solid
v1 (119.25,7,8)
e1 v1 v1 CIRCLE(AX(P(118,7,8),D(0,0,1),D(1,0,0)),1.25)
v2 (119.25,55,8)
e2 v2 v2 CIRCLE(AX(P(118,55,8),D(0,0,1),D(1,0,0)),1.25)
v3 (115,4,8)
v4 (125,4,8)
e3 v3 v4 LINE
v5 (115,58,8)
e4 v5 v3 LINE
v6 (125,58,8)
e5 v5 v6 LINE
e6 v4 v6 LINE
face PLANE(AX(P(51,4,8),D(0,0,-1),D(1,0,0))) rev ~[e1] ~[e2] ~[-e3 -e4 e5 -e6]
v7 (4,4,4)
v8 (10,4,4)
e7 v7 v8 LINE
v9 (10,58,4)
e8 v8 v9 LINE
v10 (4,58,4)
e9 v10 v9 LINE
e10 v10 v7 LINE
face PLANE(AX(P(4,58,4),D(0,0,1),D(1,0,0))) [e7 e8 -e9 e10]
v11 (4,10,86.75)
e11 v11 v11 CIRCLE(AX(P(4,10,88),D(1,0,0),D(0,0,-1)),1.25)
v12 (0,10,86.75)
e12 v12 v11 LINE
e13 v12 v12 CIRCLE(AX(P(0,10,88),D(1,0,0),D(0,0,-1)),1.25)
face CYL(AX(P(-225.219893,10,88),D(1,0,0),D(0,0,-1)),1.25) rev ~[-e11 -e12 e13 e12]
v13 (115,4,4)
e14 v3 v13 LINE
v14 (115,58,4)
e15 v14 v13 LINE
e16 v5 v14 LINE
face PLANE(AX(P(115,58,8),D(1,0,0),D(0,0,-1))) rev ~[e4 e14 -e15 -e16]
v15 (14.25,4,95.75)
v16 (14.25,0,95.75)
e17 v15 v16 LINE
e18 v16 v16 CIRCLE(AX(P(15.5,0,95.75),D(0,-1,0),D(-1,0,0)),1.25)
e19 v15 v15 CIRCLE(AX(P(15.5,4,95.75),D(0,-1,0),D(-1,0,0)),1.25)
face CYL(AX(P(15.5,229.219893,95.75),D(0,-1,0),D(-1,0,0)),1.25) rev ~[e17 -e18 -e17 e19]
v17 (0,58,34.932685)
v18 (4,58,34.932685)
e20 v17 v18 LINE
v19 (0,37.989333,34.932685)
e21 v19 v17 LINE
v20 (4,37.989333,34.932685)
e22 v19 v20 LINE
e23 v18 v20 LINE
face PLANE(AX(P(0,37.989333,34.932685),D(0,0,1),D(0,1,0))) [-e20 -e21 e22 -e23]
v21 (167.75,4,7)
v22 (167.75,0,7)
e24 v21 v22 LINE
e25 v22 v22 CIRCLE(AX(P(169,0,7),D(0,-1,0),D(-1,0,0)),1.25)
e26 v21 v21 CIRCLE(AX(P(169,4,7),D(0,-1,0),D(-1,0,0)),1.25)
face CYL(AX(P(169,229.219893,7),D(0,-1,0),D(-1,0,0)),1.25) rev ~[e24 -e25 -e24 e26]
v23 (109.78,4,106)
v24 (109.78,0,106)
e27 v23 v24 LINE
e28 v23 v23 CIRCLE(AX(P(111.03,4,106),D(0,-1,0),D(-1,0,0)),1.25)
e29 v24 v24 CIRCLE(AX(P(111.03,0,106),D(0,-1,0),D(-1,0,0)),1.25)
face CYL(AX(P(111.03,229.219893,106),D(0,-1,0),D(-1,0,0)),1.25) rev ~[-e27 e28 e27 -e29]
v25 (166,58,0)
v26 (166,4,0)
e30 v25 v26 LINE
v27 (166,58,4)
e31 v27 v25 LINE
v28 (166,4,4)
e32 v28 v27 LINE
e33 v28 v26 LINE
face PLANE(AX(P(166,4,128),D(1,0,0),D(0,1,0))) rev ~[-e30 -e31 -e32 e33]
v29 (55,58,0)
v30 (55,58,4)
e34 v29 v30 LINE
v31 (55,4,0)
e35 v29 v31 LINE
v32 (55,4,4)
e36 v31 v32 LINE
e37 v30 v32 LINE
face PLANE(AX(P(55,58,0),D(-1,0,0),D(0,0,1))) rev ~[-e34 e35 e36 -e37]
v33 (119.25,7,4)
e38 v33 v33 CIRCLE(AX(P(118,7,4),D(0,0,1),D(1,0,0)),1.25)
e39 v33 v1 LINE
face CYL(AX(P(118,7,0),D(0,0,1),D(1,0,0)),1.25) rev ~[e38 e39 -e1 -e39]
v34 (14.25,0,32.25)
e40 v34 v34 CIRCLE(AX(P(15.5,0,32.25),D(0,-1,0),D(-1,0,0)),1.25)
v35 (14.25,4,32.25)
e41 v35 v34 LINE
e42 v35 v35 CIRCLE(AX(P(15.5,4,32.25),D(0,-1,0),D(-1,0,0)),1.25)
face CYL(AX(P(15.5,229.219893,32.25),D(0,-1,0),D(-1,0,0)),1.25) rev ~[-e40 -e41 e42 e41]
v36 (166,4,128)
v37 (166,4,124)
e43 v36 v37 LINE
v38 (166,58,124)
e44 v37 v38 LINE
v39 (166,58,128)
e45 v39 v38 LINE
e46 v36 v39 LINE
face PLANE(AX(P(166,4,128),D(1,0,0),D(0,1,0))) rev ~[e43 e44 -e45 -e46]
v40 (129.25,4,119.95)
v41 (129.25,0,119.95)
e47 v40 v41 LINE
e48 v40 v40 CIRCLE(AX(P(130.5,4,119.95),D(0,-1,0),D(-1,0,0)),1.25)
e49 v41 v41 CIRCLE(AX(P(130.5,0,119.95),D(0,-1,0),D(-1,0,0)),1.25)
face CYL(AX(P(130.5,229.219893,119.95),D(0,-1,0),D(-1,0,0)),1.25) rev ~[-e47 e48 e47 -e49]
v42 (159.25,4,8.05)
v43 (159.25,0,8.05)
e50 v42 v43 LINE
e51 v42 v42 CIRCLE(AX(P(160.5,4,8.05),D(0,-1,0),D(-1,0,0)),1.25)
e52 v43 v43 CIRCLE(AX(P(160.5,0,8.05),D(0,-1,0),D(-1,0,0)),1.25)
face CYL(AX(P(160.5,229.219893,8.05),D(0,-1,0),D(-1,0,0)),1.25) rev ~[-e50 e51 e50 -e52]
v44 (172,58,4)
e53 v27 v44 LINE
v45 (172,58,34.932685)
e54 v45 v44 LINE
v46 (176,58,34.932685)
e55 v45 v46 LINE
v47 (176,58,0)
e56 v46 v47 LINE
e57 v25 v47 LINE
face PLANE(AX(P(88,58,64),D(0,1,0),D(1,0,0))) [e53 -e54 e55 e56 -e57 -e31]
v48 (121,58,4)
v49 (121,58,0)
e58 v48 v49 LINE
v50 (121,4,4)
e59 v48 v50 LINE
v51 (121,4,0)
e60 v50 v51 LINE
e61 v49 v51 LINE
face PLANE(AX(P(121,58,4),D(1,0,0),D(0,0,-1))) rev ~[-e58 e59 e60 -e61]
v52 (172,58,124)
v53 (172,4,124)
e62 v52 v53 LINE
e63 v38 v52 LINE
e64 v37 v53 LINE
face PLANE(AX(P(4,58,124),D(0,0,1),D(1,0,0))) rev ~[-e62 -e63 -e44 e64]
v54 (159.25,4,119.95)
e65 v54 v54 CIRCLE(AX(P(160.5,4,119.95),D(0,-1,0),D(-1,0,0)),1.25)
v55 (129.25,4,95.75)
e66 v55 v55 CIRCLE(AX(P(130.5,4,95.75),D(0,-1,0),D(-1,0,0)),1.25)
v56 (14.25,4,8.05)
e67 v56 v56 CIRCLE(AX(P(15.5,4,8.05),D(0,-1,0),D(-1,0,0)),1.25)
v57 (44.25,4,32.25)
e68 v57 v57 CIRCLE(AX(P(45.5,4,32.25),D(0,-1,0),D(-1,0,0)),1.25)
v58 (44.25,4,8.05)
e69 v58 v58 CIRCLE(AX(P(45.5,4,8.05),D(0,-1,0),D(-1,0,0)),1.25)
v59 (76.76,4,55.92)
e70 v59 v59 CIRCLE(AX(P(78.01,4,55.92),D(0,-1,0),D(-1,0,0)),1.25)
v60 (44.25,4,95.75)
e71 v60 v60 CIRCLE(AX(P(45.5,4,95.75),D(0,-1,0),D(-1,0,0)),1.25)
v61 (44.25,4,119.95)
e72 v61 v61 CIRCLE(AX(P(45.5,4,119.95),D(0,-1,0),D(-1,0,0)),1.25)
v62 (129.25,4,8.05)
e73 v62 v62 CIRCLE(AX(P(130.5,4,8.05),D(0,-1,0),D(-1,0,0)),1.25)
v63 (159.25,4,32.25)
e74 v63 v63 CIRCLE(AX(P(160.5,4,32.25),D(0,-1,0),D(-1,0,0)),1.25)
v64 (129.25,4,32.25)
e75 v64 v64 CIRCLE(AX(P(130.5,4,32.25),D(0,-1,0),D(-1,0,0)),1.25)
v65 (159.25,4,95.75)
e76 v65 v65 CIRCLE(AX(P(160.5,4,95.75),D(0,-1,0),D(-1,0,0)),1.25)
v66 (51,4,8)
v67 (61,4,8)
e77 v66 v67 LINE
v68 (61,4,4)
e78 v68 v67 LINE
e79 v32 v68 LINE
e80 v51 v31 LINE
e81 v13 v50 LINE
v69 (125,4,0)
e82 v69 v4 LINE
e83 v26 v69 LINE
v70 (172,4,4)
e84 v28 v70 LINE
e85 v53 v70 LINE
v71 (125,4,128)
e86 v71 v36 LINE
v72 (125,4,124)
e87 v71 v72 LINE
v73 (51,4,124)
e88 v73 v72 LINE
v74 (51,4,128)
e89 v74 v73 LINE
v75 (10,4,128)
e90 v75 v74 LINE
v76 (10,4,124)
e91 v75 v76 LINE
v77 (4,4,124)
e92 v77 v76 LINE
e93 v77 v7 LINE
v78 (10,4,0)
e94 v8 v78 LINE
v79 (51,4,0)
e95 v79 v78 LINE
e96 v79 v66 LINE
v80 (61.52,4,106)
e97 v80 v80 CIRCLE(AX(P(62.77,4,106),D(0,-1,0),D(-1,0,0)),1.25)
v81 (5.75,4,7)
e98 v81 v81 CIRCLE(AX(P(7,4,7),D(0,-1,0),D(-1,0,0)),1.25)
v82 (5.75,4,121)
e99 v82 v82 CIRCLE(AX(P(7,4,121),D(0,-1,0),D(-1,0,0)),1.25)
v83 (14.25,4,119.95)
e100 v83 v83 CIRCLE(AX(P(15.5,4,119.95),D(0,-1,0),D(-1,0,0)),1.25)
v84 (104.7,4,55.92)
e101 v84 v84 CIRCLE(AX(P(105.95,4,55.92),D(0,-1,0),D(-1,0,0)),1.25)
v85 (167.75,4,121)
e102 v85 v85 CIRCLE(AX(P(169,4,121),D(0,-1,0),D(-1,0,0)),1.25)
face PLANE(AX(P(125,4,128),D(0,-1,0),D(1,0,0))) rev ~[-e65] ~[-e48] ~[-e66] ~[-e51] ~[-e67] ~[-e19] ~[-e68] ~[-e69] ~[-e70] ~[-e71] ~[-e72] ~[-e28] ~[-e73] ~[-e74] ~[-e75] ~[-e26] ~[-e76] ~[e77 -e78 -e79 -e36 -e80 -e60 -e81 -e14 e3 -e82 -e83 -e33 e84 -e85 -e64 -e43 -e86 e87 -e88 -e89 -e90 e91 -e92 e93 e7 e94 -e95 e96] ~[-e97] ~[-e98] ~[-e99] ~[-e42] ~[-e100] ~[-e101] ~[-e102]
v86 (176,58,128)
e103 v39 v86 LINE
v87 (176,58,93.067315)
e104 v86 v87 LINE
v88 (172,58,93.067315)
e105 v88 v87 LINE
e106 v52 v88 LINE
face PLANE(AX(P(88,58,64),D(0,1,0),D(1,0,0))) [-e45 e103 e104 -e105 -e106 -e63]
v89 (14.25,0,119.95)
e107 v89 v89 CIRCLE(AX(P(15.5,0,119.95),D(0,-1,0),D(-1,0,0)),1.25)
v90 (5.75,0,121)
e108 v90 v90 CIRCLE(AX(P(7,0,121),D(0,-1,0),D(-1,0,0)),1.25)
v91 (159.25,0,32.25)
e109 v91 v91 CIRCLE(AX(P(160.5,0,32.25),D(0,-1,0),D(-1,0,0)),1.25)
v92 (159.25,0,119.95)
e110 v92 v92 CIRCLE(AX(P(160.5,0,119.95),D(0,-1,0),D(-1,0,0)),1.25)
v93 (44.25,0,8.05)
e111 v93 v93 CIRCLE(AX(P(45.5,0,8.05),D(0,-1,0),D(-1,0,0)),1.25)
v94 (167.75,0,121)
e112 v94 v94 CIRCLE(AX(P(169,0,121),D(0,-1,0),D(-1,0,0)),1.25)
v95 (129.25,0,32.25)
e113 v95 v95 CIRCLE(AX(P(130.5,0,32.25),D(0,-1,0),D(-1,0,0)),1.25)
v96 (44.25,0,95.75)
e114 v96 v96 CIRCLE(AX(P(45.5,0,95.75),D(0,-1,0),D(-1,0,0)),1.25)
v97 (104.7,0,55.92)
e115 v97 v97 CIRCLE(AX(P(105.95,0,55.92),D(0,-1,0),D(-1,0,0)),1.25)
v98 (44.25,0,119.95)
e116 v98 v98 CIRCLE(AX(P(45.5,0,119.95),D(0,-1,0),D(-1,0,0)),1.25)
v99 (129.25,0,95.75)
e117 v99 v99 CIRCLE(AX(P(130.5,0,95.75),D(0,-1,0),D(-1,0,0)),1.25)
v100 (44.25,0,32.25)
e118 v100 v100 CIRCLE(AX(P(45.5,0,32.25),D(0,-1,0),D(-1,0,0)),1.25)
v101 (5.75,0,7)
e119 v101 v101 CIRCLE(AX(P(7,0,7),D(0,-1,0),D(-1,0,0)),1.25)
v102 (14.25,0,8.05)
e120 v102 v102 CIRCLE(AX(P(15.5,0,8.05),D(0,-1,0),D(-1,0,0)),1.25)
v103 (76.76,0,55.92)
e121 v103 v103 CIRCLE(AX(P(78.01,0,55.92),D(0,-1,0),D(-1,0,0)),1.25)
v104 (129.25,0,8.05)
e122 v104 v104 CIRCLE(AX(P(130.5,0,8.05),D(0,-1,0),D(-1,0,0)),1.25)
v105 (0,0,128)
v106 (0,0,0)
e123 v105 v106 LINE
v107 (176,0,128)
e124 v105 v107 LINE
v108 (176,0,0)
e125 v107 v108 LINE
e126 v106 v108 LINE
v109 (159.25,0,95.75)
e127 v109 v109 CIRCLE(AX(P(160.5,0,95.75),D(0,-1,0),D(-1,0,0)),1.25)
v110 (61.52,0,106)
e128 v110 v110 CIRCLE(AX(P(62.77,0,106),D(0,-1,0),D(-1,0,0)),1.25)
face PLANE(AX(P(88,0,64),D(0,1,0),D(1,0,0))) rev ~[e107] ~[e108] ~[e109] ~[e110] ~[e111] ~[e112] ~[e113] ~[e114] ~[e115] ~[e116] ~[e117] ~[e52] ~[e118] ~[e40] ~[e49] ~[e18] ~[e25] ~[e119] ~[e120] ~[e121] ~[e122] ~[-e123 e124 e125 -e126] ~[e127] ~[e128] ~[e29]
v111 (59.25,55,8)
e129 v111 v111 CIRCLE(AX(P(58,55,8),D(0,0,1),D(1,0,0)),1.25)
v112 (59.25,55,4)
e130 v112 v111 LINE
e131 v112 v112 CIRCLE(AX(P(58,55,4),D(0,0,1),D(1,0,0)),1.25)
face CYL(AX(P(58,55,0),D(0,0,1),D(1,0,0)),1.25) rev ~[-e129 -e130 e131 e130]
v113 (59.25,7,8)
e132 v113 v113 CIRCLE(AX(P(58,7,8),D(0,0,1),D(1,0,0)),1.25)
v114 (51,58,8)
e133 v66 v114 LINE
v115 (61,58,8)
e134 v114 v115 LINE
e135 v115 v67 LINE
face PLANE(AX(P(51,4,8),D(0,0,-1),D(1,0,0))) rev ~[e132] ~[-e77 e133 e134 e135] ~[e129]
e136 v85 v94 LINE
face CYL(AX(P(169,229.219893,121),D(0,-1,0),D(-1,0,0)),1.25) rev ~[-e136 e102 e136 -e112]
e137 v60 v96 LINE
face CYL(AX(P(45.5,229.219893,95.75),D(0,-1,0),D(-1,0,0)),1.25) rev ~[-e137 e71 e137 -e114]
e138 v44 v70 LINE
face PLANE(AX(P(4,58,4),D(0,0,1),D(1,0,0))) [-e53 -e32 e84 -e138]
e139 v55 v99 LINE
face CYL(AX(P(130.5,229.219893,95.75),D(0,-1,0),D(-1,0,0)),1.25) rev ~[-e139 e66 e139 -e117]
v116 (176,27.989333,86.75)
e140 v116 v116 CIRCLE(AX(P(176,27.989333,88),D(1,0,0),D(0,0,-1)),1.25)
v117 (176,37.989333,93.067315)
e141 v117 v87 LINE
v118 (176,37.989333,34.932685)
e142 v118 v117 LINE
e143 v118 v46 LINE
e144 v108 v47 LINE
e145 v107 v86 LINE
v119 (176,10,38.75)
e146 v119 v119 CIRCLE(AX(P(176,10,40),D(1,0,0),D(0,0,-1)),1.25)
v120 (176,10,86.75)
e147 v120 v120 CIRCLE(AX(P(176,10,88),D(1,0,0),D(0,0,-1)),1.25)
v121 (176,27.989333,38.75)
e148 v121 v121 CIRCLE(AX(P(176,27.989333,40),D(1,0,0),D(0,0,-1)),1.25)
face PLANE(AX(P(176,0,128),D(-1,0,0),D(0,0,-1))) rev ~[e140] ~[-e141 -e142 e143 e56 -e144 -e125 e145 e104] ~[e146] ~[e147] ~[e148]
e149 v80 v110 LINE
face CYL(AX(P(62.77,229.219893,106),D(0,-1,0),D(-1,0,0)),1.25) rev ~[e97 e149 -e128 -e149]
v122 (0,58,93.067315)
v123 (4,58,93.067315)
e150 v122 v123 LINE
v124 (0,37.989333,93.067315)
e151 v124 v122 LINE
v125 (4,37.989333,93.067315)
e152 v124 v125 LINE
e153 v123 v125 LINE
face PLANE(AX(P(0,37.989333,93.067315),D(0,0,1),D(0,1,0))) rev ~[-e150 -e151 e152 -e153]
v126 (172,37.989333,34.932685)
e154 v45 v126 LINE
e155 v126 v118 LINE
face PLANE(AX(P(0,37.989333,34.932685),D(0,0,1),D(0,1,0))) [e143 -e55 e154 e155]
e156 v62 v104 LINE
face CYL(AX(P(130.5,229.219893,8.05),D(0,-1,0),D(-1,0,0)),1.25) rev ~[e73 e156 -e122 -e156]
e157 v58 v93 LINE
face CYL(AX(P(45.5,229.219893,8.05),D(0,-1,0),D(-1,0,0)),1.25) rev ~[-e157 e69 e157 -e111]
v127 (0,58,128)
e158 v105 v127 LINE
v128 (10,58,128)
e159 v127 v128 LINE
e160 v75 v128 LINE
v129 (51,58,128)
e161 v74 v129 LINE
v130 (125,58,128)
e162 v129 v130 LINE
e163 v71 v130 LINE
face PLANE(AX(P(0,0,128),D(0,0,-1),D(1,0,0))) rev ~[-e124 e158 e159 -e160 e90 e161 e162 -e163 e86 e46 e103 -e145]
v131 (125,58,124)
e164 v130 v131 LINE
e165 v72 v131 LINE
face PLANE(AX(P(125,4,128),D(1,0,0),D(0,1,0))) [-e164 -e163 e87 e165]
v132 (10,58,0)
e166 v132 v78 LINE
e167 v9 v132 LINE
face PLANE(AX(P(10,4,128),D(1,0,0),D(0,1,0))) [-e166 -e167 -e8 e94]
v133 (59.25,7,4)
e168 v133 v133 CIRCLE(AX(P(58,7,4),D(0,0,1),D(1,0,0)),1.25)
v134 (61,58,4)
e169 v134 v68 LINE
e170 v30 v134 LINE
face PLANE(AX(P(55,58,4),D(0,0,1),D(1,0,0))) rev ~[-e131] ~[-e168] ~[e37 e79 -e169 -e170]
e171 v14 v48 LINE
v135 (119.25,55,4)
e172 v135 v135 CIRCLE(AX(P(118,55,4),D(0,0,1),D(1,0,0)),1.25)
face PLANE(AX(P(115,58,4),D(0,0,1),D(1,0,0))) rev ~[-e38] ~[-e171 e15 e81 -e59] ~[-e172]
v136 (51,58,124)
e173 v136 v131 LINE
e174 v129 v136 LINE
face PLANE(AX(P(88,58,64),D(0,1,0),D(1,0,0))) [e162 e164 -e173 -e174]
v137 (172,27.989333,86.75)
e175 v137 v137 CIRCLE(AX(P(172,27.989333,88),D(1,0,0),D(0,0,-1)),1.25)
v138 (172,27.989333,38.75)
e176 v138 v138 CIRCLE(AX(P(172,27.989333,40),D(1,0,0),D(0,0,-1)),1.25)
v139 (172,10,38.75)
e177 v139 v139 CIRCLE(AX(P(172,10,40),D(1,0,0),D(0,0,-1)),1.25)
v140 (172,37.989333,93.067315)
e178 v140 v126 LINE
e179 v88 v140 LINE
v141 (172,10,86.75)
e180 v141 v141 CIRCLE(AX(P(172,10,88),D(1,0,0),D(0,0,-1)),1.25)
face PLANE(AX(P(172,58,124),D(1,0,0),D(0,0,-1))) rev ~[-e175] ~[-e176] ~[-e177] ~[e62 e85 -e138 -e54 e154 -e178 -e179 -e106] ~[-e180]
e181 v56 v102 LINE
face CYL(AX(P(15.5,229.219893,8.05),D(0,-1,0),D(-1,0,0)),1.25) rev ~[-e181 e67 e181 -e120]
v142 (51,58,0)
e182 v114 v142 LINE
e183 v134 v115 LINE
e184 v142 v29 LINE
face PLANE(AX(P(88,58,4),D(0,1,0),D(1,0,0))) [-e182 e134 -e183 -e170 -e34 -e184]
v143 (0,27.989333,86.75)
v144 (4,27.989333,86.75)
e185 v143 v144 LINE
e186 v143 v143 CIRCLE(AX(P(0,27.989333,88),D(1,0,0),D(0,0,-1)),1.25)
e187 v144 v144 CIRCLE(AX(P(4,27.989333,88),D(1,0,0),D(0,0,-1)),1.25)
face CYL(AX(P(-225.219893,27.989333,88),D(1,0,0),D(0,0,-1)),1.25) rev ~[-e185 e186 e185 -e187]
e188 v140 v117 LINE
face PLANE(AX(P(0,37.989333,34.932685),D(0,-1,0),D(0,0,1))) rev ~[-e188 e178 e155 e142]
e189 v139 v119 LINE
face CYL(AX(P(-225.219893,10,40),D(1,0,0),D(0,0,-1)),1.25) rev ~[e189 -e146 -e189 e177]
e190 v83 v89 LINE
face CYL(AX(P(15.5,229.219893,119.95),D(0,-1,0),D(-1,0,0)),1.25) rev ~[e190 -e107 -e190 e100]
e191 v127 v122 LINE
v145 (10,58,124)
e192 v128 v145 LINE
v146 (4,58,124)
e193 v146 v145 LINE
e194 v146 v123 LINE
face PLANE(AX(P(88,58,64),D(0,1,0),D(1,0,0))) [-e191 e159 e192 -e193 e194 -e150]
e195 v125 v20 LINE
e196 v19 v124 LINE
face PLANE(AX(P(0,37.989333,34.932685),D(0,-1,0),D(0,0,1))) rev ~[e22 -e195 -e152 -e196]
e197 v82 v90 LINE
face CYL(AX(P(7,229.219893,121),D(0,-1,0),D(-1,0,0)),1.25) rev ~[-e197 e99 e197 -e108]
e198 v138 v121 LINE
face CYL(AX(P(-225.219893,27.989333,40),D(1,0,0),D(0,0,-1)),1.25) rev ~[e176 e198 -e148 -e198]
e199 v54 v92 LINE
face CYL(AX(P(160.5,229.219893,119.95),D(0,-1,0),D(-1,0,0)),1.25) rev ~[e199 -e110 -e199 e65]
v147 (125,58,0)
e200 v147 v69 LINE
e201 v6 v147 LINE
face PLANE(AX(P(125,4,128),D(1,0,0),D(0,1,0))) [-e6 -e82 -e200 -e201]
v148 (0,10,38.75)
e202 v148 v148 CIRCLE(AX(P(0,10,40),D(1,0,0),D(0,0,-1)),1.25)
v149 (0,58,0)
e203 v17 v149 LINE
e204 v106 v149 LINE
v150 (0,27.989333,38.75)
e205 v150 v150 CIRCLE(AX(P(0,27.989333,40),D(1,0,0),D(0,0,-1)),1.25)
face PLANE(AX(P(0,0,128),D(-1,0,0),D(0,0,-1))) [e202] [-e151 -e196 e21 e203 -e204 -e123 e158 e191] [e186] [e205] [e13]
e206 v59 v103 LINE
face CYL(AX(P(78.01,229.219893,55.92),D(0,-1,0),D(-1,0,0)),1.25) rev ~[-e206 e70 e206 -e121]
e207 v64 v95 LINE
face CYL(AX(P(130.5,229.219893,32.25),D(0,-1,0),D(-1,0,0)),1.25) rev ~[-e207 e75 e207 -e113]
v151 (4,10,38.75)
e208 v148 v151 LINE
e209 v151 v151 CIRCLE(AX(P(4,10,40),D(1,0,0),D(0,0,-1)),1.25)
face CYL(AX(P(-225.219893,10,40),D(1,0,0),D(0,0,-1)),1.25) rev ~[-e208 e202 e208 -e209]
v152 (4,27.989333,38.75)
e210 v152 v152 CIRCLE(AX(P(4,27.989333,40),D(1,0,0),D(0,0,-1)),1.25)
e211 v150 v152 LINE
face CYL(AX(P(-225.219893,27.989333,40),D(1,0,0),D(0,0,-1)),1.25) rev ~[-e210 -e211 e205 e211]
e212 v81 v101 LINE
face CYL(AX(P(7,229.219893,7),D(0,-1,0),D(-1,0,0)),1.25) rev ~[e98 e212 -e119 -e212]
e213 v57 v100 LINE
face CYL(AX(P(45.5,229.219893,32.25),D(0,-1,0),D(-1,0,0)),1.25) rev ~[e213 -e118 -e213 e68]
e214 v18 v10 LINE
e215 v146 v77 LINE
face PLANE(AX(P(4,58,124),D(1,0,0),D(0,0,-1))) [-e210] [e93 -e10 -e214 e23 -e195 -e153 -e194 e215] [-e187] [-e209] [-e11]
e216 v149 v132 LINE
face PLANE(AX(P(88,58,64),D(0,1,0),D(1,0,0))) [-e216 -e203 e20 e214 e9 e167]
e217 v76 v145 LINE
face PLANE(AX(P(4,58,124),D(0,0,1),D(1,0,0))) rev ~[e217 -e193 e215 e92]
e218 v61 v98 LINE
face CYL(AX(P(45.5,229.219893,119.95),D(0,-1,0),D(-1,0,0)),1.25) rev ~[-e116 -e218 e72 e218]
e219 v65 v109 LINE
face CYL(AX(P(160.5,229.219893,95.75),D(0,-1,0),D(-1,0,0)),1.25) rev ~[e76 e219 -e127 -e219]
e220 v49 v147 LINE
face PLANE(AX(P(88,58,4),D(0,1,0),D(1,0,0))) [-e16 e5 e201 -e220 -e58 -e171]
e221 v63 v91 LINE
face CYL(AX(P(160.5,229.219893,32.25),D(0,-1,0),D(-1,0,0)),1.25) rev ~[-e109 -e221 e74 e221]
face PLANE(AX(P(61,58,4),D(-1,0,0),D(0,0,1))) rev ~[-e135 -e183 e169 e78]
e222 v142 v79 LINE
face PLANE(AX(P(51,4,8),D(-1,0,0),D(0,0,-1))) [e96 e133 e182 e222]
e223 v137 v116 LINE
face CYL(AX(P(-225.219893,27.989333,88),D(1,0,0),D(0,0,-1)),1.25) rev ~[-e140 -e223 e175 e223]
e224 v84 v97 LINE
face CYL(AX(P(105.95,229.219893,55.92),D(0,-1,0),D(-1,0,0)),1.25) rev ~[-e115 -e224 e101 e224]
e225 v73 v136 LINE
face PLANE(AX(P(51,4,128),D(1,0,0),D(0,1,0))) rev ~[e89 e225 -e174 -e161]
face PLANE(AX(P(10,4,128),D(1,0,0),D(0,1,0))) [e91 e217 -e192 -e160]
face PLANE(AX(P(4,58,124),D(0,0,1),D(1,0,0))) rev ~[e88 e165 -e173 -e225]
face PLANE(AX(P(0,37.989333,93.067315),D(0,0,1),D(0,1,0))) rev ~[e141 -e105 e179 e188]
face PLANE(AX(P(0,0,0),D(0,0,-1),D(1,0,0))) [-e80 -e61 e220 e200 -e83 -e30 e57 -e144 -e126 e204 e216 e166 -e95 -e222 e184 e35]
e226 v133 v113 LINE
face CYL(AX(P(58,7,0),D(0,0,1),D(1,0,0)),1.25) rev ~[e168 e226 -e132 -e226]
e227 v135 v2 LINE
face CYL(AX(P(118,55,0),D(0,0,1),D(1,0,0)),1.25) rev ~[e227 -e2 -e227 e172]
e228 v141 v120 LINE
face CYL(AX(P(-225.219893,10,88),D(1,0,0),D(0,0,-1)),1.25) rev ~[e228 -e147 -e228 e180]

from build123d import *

# Parameters (mm, degrees)
SKETCH_1_W             = 176
SKETCH_1_H             = 128
EXTRUDE_1_DEPTH        = 58
SKETCH_2_W             = 168
SKETCH_2_H             = 120
CUT_EXTRUDE_1_DEPTH    = 54
SKETCH_3_W             = 41
SKETCH_3_H             = 54
CUT_EXTRUDE_2_DEPTH    = 226.219892549
SKETCH_5_W             = 58.134630982
SKETCH_5_H             = 20.010666667
CUT_EXTRUDE_4_DEPTH    = 226.219892549
HOLE_WIZARD_M3_1_D     = 2.5
HOLE_WIZARD_M3_2_D     = 2.5
SKETCH_15_W            = 74
SKETCH_15_H            = 8
EXTRUDE_2_DEPTH        = 54
CUT_EXTRUDE_5_DEPTH    = 54
HOLE_WIZARD_M3_4_D     = 2.5
HOLE_WIZARD_M3_4_DEPTH = 4


with BuildPart() as part:
    # 草图1 → 凸台-拉伸1 (new body)
    with BuildSketch(Plane(origin=(0, 0, 0), x_dir=(1, 0, 0), z_dir=(0, 1, 0))):
        with Locations((88, -64)):
            Rectangle(SKETCH_1_W, SKETCH_1_H)
    extrude(amount=EXTRUDE_1_DEPTH)

    # 草图2 → 切除-拉伸1 (cut)
    with BuildSketch(Plane(origin=(0, 58, 0), x_dir=(1, 0, 0), z_dir=(0, 1, 0))):
        with Locations((88, -64)):
            Rectangle(SKETCH_2_W, SKETCH_2_H)
    extrude(amount=-CUT_EXTRUDE_1_DEPTH, mode=Mode.SUBTRACT)

    # 草图3 → 切除-拉伸2 (cut, through all)
    with BuildSketch(Plane.XY.offset(128)):
        with Locations((30.5, 31)):
            Rectangle(SKETCH_3_W, SKETCH_3_H)
        with Locations((145.5, 31)):
            Rectangle(SKETCH_3_W, SKETCH_3_H)
    extrude(amount=-CUT_EXTRUDE_2_DEPTH, mode=Mode.SUBTRACT)

    # 草图5 → 切除-拉伸4 (cut, through all)
    with BuildSketch(Plane.ZY):
        with Locations((64, 47.994666667)):
            Rectangle(SKETCH_5_W, SKETCH_5_H)
    extrude(amount=-CUT_EXTRUDE_4_DEPTH, mode=Mode.SUBTRACT)

    # M3 螺纹孔1 (through all)
    with Locations(Plane.ZY):
        with Locations((40, 27.989333333), (88, 27.989333333), (88, 10), (40, 10)):
            Hole(HOLE_WIZARD_M3_1_D / 2)

    # M3 螺纹孔2 (through all)
    with Locations(Plane(origin=(0, 4, 0), x_dir=(1, 0, 0), z_dir=(0, 1, 0))):
        with Locations((7, -7), (15.5, -8.05), (15.5, -32.25), (45.5, -32.25), (45.5, -8.05), (15.5, -95.75), (15.5, -119.95), (7, -121), (45.5, -119.95), (45.5, -95.75), (130.5, -119.95), (160.5, -119.95), (160.5, -95.75), (130.5, -95.75), (169, -121), (169, -7), (160.5, -8.05), (160.5, -32.25), (130.5, -32.25), (130.5, -8.05), (105.95, -55.92), (111.03, -106), (62.77, -106), (78.01, -55.92)):
            Hole(HOLE_WIZARD_M3_2_D / 2)

    # 草图15 → 凸台-拉伸2 (add)
    with BuildSketch(Plane(origin=(0, 4, 0), x_dir=(1, 0, 0), z_dir=(0, 1, 0))):
        with Locations((88, -4)):
            Rectangle(SKETCH_15_W, SKETCH_15_H)
    extrude(amount=EXTRUDE_2_DEPTH)

    # 草图16 → 切除-拉伸5 (cut)
    with BuildSketch(Plane(origin=(0, 58, 0), x_dir=(1, 0, 0), z_dir=(0, 1, 0))):
        Polygon((55, 0), (55, -4), (61, -4), (61, -8), (115, -8), (115, -4), (121, -4), (121, 0), align=None)
    extrude(amount=-CUT_EXTRUDE_5_DEPTH, mode=Mode.SUBTRACT)

    # M3 螺纹孔4
    with Locations(Plane(origin=(0, 0, 4), x_dir=(-1, 0, 0), z_dir=(0, 0, -1))):
        with Locations((-118, 55), (-58, 55), (-58, 7), (-118, 7)):
            Hole(HOLE_WIZARD_M3_4_D / 2, depth=HOLE_WIZARD_M3_4_DEPTH)


solid = part.part
